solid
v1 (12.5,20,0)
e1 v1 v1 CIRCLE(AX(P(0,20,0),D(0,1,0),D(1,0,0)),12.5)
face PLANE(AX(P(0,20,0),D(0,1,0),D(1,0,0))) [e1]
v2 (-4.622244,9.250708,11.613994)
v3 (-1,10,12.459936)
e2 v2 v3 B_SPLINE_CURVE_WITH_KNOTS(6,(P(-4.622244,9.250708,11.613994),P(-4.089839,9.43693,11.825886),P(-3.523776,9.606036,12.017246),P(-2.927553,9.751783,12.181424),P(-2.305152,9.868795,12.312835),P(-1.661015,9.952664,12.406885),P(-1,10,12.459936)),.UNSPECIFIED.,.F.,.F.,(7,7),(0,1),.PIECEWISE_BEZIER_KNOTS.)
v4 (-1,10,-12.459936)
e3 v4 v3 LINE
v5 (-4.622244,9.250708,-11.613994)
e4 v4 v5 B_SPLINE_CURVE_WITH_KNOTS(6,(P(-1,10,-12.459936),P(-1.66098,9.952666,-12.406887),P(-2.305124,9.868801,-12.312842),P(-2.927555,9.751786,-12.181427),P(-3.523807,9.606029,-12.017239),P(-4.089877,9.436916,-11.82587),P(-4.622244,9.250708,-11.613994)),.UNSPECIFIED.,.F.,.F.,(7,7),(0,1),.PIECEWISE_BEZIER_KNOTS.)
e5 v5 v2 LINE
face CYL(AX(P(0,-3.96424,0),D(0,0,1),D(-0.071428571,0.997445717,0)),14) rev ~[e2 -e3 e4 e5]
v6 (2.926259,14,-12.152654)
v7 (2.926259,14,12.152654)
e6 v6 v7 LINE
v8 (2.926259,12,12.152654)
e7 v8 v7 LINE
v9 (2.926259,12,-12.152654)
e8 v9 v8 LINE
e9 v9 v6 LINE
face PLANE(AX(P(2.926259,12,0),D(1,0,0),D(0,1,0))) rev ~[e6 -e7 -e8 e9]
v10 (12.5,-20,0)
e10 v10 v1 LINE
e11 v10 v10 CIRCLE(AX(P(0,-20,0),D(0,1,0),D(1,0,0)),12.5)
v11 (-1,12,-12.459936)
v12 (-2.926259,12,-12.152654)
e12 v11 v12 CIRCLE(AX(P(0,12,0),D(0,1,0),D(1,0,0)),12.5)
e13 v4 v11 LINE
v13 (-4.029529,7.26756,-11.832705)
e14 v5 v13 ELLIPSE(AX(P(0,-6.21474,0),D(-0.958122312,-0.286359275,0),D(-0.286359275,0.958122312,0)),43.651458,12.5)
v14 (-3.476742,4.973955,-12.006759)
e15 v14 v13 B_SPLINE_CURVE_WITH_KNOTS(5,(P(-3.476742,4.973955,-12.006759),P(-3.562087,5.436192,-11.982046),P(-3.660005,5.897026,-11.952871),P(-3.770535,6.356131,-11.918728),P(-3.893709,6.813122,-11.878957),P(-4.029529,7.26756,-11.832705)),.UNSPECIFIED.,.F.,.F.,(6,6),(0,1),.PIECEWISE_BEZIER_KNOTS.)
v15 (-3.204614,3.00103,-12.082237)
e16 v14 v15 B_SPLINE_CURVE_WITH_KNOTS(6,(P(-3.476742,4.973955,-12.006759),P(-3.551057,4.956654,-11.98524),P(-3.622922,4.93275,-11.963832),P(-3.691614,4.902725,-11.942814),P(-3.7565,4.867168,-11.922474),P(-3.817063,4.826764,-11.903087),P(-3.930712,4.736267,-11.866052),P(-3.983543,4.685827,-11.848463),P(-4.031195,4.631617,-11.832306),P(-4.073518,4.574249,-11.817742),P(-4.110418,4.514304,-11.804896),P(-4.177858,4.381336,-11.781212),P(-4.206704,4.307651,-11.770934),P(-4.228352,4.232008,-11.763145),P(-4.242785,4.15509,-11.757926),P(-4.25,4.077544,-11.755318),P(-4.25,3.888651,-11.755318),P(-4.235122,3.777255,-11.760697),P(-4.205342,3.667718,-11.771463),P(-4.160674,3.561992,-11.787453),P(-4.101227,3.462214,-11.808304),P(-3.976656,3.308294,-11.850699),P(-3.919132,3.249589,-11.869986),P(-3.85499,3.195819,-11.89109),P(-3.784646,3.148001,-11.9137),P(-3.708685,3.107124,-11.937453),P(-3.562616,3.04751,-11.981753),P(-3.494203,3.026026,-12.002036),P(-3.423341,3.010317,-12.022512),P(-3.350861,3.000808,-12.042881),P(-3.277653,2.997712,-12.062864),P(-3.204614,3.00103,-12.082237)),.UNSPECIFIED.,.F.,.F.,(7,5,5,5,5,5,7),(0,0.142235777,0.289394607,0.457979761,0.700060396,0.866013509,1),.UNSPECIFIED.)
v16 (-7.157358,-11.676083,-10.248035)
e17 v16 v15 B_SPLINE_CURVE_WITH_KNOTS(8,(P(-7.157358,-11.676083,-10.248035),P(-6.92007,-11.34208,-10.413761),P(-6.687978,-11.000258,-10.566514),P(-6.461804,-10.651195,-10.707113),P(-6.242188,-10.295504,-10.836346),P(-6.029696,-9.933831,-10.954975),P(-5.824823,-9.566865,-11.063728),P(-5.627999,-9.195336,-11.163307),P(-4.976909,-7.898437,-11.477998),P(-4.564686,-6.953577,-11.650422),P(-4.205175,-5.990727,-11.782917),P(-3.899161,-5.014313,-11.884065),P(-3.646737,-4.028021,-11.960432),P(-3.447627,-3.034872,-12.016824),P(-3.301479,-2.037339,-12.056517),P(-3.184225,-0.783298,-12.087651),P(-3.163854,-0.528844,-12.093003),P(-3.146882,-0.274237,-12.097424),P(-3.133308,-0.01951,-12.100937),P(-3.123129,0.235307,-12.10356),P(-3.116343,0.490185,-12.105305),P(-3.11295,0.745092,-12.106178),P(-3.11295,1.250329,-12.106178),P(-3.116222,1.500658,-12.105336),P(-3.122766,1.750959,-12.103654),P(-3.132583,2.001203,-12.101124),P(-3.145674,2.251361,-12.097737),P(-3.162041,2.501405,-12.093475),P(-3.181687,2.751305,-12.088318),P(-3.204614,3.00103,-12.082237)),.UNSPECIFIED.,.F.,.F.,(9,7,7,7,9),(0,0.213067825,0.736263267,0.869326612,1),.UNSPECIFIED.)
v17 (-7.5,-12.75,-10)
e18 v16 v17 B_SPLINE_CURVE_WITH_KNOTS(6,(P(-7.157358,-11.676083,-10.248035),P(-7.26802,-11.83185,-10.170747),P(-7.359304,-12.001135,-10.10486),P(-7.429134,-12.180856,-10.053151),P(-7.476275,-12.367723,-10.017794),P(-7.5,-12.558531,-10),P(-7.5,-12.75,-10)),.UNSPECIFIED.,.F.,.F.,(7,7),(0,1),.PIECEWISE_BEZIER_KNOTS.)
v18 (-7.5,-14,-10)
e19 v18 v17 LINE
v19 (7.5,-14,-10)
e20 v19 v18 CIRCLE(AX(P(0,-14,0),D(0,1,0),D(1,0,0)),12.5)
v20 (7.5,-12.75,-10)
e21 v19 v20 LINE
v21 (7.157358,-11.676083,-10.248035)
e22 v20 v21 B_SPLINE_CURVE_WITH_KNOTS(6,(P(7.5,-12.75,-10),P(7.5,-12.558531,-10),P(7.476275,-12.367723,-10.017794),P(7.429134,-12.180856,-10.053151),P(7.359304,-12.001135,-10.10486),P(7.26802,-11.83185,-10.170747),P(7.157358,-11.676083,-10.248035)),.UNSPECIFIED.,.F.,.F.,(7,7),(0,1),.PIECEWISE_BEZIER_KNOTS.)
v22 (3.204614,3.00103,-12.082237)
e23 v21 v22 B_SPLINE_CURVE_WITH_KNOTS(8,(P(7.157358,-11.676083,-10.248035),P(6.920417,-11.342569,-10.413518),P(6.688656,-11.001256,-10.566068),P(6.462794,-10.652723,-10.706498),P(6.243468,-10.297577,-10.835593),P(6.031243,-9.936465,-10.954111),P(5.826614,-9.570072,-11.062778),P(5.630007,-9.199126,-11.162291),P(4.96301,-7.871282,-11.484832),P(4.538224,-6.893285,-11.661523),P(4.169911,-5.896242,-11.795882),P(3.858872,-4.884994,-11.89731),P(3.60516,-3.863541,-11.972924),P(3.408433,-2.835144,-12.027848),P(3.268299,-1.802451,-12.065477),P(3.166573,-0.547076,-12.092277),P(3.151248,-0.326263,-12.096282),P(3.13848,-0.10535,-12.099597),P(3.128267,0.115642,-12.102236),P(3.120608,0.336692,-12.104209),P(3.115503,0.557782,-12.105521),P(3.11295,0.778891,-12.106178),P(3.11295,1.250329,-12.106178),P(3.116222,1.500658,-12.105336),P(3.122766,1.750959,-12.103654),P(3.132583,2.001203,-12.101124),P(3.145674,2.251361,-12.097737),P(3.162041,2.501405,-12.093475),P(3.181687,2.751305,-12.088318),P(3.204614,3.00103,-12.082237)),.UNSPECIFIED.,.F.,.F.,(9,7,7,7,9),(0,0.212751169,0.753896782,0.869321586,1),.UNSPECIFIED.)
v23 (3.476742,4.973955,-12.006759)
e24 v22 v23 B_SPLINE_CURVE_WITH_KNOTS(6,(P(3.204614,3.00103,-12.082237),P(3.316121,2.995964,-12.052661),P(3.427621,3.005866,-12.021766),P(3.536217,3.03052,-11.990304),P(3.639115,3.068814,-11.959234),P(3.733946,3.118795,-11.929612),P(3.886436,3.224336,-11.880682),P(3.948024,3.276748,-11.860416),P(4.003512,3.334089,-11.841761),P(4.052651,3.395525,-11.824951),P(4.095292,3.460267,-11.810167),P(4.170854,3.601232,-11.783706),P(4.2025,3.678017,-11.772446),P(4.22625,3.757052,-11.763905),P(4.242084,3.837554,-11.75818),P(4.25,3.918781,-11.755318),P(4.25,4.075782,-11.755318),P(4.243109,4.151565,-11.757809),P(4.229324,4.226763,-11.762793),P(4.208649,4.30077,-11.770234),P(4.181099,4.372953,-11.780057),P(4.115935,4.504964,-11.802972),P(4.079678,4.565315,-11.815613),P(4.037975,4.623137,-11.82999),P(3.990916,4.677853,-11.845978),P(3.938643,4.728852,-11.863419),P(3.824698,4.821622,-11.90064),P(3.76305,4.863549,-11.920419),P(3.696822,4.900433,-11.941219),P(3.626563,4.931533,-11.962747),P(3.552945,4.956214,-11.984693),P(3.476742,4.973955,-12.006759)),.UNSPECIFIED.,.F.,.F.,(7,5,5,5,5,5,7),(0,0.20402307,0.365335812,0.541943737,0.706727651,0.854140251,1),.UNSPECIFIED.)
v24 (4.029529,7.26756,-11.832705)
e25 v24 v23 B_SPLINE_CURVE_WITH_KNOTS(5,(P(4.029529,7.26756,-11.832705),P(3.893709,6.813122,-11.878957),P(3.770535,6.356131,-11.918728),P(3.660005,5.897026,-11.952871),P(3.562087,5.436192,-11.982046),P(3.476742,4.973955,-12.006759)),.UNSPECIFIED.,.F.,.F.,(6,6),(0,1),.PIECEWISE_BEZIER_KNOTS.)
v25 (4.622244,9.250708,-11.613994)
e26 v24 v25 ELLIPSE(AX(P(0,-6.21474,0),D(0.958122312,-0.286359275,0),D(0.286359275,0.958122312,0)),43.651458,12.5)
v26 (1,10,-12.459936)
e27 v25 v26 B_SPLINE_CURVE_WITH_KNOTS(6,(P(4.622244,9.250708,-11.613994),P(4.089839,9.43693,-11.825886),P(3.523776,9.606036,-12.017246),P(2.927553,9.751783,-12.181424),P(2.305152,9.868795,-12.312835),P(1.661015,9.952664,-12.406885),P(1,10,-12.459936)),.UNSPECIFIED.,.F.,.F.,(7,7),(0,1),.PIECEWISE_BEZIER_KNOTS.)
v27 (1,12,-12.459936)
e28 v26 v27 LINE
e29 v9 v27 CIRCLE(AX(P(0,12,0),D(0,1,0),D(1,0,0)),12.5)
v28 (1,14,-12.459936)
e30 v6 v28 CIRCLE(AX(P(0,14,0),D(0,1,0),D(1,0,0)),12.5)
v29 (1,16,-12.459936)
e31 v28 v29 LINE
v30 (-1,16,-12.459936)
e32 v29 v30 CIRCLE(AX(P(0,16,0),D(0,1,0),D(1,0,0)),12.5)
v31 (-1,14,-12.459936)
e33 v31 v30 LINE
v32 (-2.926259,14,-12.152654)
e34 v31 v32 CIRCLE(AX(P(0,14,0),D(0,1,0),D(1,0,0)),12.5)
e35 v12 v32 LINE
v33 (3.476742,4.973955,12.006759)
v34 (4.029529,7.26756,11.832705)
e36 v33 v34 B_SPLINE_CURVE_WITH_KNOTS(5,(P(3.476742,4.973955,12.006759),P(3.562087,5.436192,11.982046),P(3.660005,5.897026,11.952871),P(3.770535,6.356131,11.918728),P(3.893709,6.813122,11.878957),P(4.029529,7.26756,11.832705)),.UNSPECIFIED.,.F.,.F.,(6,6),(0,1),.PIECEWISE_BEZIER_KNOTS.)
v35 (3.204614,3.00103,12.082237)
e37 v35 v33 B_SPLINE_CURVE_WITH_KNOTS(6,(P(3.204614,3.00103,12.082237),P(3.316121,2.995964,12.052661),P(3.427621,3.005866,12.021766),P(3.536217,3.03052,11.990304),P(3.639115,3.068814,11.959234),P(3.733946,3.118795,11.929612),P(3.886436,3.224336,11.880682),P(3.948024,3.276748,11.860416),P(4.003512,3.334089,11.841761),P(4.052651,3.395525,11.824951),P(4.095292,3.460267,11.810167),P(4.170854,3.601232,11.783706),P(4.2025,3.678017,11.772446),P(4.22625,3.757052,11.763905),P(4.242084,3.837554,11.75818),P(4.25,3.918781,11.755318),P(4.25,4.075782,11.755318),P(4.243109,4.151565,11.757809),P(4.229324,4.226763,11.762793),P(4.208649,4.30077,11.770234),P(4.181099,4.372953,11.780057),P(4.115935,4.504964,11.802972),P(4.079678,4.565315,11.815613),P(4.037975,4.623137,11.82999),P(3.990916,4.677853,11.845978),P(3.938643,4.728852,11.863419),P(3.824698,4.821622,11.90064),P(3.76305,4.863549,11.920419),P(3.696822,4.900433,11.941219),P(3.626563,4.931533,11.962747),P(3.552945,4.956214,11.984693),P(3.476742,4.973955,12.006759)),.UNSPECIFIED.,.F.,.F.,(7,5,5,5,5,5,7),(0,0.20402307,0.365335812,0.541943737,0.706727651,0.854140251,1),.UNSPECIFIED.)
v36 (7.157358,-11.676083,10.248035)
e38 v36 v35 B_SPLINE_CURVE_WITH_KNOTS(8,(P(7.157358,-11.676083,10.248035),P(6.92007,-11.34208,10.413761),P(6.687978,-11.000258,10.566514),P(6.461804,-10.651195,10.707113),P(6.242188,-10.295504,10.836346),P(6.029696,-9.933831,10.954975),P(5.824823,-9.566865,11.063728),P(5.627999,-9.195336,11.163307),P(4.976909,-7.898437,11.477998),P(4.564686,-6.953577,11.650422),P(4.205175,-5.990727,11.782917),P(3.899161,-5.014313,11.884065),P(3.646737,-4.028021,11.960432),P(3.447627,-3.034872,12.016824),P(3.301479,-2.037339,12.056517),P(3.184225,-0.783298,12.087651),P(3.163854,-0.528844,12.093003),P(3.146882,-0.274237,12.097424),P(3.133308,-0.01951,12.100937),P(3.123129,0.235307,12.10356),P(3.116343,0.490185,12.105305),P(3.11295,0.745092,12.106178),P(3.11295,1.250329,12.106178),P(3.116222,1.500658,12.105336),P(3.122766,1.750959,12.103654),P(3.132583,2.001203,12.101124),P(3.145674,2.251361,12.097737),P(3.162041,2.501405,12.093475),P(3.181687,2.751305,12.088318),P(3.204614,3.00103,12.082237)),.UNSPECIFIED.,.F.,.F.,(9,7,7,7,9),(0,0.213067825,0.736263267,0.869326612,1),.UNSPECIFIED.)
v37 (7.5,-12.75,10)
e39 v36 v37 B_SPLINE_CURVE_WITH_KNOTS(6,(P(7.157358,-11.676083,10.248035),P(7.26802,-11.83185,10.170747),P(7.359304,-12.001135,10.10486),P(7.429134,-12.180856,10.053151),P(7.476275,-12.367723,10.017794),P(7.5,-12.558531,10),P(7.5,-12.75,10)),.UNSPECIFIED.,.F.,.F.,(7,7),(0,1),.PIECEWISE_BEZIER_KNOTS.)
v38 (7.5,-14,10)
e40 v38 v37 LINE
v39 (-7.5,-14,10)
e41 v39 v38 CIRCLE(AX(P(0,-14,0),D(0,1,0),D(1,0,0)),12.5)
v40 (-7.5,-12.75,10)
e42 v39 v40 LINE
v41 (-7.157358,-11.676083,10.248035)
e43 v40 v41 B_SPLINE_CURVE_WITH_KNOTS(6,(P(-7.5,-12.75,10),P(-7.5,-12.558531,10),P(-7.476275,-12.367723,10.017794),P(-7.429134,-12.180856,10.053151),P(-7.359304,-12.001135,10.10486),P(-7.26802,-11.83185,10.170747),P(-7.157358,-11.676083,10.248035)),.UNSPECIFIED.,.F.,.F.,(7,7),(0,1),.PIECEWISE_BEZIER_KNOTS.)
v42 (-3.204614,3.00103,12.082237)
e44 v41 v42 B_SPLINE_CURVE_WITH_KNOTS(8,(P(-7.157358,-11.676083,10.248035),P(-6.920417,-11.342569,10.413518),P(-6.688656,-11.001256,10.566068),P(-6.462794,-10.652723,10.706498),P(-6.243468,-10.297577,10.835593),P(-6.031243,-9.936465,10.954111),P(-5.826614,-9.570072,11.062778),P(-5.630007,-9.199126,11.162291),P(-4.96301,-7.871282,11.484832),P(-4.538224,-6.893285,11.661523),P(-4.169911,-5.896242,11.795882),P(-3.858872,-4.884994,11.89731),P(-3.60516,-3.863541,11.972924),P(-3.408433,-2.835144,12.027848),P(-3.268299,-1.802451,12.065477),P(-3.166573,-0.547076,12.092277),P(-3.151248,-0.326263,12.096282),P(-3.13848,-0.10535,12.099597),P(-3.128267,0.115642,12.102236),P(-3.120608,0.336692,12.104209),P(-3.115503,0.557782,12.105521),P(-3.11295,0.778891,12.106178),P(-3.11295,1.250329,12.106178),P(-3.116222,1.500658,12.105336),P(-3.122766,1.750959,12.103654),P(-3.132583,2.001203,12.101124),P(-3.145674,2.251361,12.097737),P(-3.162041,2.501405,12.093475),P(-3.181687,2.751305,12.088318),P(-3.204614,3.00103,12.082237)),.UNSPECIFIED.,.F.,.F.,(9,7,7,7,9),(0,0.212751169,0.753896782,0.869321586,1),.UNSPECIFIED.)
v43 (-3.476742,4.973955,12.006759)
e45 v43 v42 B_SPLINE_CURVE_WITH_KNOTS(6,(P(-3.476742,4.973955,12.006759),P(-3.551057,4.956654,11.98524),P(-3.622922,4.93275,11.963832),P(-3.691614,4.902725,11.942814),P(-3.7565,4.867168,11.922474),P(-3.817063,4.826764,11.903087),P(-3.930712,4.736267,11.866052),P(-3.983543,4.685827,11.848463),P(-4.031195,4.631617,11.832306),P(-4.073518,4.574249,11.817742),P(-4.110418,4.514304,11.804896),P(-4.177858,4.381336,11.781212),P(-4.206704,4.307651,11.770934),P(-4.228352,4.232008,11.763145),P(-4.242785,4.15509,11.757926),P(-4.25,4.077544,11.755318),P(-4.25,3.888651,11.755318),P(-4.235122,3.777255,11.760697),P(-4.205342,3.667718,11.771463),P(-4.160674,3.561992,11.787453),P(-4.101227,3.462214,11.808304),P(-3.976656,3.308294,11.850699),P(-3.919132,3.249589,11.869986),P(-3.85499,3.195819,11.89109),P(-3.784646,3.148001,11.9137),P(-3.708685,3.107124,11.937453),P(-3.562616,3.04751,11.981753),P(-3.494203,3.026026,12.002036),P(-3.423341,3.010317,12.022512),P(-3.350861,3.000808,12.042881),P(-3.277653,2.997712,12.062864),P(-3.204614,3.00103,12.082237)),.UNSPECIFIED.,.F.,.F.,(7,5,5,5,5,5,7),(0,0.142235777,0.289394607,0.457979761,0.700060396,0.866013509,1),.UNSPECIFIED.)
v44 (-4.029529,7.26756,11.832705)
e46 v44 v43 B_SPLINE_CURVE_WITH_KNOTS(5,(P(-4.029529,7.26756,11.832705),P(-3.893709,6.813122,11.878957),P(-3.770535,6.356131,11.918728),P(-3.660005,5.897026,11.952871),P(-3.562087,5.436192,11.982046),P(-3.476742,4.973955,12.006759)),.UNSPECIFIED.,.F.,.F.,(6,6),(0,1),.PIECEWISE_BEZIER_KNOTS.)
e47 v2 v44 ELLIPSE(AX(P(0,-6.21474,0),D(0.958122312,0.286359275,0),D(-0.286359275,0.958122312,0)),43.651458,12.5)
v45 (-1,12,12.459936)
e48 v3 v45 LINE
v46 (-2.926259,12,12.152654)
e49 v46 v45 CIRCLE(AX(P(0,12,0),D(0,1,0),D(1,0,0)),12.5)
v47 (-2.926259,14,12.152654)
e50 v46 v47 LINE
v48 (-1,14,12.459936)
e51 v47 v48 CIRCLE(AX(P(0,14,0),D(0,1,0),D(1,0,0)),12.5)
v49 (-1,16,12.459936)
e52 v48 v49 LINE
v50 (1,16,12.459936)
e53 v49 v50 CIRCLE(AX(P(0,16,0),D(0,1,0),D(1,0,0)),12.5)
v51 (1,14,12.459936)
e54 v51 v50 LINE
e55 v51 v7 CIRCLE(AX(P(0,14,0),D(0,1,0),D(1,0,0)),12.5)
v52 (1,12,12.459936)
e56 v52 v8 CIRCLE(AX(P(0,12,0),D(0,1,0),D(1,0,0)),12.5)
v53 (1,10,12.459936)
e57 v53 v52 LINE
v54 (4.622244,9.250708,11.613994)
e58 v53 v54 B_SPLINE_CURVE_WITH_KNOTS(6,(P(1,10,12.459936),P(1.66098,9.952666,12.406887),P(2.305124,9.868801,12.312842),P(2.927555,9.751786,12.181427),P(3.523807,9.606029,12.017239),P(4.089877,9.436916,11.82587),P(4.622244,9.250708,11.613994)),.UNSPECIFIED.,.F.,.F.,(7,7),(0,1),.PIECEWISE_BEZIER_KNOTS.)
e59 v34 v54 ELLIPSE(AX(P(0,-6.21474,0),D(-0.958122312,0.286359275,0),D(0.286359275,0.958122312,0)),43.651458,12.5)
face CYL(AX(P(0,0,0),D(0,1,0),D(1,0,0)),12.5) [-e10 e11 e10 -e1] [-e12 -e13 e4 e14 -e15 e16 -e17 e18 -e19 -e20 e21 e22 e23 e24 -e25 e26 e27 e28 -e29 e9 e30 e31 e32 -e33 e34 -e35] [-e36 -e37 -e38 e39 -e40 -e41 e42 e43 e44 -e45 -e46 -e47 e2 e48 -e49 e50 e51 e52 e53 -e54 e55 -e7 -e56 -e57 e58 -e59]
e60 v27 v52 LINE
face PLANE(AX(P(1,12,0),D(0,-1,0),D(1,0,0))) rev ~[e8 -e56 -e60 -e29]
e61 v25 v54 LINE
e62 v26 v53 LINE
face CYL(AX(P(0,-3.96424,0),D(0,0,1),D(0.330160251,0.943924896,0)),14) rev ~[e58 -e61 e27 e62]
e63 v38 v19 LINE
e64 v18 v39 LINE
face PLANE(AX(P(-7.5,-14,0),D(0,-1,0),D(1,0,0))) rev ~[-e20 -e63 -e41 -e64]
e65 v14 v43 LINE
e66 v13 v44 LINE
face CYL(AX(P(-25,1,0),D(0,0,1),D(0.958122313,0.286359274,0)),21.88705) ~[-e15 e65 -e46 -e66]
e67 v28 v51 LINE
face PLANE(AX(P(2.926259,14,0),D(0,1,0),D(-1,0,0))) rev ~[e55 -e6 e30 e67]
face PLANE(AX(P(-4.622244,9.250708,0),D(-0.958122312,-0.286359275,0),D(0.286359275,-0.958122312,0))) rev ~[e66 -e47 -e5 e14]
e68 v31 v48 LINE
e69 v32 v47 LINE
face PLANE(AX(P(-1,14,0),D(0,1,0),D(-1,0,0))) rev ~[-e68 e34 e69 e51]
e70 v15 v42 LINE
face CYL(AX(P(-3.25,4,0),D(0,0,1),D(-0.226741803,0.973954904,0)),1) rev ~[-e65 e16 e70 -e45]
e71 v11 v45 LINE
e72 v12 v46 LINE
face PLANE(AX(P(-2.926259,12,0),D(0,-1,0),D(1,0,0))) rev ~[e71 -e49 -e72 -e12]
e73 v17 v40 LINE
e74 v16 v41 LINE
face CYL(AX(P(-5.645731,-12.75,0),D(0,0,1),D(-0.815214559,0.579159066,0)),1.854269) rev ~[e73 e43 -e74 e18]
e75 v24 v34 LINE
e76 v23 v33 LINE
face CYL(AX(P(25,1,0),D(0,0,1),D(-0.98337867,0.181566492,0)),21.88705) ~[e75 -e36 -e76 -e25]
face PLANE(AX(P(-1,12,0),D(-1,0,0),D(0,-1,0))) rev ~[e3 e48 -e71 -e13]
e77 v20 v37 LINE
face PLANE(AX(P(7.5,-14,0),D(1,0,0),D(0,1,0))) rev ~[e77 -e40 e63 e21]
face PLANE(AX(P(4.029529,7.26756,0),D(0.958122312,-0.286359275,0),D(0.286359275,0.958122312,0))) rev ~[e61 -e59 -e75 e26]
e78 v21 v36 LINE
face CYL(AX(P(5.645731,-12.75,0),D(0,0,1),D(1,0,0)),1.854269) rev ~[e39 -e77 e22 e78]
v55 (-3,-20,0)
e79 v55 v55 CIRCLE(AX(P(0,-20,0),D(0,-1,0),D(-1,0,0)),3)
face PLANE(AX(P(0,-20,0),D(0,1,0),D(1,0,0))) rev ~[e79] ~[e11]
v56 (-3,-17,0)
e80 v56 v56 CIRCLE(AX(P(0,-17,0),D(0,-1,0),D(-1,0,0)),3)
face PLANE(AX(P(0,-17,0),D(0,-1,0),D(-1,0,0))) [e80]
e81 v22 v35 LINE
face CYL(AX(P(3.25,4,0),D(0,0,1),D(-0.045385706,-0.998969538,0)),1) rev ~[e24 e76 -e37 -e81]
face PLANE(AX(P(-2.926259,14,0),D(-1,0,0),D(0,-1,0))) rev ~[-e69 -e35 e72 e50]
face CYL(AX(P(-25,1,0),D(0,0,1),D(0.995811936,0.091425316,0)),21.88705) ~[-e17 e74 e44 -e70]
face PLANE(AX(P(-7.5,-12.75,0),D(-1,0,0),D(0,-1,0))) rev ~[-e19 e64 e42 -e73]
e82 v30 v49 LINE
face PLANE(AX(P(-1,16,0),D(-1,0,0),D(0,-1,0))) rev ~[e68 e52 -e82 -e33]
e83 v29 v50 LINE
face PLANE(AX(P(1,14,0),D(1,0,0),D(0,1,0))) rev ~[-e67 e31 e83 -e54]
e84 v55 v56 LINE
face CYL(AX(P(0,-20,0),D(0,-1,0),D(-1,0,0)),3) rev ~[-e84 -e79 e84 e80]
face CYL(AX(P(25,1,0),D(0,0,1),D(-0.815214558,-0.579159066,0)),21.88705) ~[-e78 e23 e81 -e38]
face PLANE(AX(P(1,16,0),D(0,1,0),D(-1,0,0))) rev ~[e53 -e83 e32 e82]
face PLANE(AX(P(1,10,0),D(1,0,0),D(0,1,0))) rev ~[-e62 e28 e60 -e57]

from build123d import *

# Parameters (mm, degrees)
SKETCH2_R               = 12.5
BOSS_EXTRUDE1_DEPTH     = 20
CUT_EXTRUDE1_DEPTH      = 13.5
CUT_EXTRUDE1_DEPTH_BACK = 13.5
SKETCH4_R               = 3
CUT_EXTRUDE2_DEPTH      = 3


with BuildPart() as part:
    # Sketch2 → Boss-Extrude1 (new body, symmetric)
    with BuildSketch(Plane(origin=(0, 0, 0), x_dir=(1, 0, 0), z_dir=(0, 1, 0))):
        Circle(SKETCH2_R)
    extrude(amount=BOSS_EXTRUDE1_DEPTH, both=True)

    # Sketch3 → Cut-Extrude1 (cut, two sides)
    with BuildSketch(Plane.XY) as cut_extrude1_sk:
        with BuildLine():
            Line((-7.5, -14), (7.5, -14))
            Line((7.5, -14), (7.5, -12.75))
            ThreePointArc((7.5, -12.75), (7.412263886, -12.186373325), (7.157358145, -11.676083489))
            ThreePointArc((7.157358145, -11.676083489), (3.865958131, -4.691681234), (3.204614294, 3.001030462))
            ThreePointArc((3.204614294, 3.001030462), (4.240621129, 3.863362603), (3.476741803, 4.973954904))
            ThreePointArc((3.476741803, 4.973954904), (3.722208484, 6.12821111), (4.029528967, 7.267559785))
            Line((4.029528967, 7.267559785), (4.622243509, 9.250708497))
            ThreePointArc((4.622243509, 9.250708497), (2.835976896, 9.745509591), (1, 10))
            Line((1, 10), (1, 12))
            Line((1, 12), (2.92625895, 12))
            Line((2.92625895, 12), (2.92625895, 14))
            Line((2.92625895, 14), (1, 14))
            Line((1, 14), (1, 16))
            Line((1, 16), (-1, 16))
            Line((-1, 16), (-1, 14))
            Line((-1, 14), (-2.92625895, 14))
            Line((-2.92625895, 14), (-2.92625895, 12))
            Line((-2.92625895, 12), (-1, 12))
            Line((-1, 12), (-1, 10))
            ThreePointArc((-1, 10), (-2.835976896, 9.745509591), (-4.622243509, 9.250708497))
            Line((-4.622243509, 9.250708497), (-4.029528967, 7.267559785))
            ThreePointArc((-4.029528967, 7.267559785), (-3.722208484, 6.12821111), (-3.476741803, 4.973954904))
            ThreePointArc((-3.476741803, 4.973954904), (-4.240621129, 3.863362603), (-3.204614294, 3.001030462))
            ThreePointArc((-3.204614294, 3.001030462), (-3.865958131, -4.691681234), (-7.157358145, -11.676083489))
            ThreePointArc((-7.157358145, -11.676083489), (-7.412263886, -12.186373325), (-7.5, -12.75))
            Line((-7.5, -12.75), (-7.5, -14))
        make_face()
    extrude(amount=CUT_EXTRUDE1_DEPTH, mode=Mode.SUBTRACT)
    extrude(cut_extrude1_sk.sketch, amount=-CUT_EXTRUDE1_DEPTH_BACK, mode=Mode.SUBTRACT)

    # Sketch4 → Cut-Extrude2 (cut)
    with BuildSketch(Plane(origin=(0, -20, 0), x_dir=(-1, 0, 0), z_dir=(0, -1, 0))):
        Circle(SKETCH4_R)
    extrude(amount=-CUT_EXTRUDE2_DEPTH, mode=Mode.SUBTRACT)


solid = part.part
